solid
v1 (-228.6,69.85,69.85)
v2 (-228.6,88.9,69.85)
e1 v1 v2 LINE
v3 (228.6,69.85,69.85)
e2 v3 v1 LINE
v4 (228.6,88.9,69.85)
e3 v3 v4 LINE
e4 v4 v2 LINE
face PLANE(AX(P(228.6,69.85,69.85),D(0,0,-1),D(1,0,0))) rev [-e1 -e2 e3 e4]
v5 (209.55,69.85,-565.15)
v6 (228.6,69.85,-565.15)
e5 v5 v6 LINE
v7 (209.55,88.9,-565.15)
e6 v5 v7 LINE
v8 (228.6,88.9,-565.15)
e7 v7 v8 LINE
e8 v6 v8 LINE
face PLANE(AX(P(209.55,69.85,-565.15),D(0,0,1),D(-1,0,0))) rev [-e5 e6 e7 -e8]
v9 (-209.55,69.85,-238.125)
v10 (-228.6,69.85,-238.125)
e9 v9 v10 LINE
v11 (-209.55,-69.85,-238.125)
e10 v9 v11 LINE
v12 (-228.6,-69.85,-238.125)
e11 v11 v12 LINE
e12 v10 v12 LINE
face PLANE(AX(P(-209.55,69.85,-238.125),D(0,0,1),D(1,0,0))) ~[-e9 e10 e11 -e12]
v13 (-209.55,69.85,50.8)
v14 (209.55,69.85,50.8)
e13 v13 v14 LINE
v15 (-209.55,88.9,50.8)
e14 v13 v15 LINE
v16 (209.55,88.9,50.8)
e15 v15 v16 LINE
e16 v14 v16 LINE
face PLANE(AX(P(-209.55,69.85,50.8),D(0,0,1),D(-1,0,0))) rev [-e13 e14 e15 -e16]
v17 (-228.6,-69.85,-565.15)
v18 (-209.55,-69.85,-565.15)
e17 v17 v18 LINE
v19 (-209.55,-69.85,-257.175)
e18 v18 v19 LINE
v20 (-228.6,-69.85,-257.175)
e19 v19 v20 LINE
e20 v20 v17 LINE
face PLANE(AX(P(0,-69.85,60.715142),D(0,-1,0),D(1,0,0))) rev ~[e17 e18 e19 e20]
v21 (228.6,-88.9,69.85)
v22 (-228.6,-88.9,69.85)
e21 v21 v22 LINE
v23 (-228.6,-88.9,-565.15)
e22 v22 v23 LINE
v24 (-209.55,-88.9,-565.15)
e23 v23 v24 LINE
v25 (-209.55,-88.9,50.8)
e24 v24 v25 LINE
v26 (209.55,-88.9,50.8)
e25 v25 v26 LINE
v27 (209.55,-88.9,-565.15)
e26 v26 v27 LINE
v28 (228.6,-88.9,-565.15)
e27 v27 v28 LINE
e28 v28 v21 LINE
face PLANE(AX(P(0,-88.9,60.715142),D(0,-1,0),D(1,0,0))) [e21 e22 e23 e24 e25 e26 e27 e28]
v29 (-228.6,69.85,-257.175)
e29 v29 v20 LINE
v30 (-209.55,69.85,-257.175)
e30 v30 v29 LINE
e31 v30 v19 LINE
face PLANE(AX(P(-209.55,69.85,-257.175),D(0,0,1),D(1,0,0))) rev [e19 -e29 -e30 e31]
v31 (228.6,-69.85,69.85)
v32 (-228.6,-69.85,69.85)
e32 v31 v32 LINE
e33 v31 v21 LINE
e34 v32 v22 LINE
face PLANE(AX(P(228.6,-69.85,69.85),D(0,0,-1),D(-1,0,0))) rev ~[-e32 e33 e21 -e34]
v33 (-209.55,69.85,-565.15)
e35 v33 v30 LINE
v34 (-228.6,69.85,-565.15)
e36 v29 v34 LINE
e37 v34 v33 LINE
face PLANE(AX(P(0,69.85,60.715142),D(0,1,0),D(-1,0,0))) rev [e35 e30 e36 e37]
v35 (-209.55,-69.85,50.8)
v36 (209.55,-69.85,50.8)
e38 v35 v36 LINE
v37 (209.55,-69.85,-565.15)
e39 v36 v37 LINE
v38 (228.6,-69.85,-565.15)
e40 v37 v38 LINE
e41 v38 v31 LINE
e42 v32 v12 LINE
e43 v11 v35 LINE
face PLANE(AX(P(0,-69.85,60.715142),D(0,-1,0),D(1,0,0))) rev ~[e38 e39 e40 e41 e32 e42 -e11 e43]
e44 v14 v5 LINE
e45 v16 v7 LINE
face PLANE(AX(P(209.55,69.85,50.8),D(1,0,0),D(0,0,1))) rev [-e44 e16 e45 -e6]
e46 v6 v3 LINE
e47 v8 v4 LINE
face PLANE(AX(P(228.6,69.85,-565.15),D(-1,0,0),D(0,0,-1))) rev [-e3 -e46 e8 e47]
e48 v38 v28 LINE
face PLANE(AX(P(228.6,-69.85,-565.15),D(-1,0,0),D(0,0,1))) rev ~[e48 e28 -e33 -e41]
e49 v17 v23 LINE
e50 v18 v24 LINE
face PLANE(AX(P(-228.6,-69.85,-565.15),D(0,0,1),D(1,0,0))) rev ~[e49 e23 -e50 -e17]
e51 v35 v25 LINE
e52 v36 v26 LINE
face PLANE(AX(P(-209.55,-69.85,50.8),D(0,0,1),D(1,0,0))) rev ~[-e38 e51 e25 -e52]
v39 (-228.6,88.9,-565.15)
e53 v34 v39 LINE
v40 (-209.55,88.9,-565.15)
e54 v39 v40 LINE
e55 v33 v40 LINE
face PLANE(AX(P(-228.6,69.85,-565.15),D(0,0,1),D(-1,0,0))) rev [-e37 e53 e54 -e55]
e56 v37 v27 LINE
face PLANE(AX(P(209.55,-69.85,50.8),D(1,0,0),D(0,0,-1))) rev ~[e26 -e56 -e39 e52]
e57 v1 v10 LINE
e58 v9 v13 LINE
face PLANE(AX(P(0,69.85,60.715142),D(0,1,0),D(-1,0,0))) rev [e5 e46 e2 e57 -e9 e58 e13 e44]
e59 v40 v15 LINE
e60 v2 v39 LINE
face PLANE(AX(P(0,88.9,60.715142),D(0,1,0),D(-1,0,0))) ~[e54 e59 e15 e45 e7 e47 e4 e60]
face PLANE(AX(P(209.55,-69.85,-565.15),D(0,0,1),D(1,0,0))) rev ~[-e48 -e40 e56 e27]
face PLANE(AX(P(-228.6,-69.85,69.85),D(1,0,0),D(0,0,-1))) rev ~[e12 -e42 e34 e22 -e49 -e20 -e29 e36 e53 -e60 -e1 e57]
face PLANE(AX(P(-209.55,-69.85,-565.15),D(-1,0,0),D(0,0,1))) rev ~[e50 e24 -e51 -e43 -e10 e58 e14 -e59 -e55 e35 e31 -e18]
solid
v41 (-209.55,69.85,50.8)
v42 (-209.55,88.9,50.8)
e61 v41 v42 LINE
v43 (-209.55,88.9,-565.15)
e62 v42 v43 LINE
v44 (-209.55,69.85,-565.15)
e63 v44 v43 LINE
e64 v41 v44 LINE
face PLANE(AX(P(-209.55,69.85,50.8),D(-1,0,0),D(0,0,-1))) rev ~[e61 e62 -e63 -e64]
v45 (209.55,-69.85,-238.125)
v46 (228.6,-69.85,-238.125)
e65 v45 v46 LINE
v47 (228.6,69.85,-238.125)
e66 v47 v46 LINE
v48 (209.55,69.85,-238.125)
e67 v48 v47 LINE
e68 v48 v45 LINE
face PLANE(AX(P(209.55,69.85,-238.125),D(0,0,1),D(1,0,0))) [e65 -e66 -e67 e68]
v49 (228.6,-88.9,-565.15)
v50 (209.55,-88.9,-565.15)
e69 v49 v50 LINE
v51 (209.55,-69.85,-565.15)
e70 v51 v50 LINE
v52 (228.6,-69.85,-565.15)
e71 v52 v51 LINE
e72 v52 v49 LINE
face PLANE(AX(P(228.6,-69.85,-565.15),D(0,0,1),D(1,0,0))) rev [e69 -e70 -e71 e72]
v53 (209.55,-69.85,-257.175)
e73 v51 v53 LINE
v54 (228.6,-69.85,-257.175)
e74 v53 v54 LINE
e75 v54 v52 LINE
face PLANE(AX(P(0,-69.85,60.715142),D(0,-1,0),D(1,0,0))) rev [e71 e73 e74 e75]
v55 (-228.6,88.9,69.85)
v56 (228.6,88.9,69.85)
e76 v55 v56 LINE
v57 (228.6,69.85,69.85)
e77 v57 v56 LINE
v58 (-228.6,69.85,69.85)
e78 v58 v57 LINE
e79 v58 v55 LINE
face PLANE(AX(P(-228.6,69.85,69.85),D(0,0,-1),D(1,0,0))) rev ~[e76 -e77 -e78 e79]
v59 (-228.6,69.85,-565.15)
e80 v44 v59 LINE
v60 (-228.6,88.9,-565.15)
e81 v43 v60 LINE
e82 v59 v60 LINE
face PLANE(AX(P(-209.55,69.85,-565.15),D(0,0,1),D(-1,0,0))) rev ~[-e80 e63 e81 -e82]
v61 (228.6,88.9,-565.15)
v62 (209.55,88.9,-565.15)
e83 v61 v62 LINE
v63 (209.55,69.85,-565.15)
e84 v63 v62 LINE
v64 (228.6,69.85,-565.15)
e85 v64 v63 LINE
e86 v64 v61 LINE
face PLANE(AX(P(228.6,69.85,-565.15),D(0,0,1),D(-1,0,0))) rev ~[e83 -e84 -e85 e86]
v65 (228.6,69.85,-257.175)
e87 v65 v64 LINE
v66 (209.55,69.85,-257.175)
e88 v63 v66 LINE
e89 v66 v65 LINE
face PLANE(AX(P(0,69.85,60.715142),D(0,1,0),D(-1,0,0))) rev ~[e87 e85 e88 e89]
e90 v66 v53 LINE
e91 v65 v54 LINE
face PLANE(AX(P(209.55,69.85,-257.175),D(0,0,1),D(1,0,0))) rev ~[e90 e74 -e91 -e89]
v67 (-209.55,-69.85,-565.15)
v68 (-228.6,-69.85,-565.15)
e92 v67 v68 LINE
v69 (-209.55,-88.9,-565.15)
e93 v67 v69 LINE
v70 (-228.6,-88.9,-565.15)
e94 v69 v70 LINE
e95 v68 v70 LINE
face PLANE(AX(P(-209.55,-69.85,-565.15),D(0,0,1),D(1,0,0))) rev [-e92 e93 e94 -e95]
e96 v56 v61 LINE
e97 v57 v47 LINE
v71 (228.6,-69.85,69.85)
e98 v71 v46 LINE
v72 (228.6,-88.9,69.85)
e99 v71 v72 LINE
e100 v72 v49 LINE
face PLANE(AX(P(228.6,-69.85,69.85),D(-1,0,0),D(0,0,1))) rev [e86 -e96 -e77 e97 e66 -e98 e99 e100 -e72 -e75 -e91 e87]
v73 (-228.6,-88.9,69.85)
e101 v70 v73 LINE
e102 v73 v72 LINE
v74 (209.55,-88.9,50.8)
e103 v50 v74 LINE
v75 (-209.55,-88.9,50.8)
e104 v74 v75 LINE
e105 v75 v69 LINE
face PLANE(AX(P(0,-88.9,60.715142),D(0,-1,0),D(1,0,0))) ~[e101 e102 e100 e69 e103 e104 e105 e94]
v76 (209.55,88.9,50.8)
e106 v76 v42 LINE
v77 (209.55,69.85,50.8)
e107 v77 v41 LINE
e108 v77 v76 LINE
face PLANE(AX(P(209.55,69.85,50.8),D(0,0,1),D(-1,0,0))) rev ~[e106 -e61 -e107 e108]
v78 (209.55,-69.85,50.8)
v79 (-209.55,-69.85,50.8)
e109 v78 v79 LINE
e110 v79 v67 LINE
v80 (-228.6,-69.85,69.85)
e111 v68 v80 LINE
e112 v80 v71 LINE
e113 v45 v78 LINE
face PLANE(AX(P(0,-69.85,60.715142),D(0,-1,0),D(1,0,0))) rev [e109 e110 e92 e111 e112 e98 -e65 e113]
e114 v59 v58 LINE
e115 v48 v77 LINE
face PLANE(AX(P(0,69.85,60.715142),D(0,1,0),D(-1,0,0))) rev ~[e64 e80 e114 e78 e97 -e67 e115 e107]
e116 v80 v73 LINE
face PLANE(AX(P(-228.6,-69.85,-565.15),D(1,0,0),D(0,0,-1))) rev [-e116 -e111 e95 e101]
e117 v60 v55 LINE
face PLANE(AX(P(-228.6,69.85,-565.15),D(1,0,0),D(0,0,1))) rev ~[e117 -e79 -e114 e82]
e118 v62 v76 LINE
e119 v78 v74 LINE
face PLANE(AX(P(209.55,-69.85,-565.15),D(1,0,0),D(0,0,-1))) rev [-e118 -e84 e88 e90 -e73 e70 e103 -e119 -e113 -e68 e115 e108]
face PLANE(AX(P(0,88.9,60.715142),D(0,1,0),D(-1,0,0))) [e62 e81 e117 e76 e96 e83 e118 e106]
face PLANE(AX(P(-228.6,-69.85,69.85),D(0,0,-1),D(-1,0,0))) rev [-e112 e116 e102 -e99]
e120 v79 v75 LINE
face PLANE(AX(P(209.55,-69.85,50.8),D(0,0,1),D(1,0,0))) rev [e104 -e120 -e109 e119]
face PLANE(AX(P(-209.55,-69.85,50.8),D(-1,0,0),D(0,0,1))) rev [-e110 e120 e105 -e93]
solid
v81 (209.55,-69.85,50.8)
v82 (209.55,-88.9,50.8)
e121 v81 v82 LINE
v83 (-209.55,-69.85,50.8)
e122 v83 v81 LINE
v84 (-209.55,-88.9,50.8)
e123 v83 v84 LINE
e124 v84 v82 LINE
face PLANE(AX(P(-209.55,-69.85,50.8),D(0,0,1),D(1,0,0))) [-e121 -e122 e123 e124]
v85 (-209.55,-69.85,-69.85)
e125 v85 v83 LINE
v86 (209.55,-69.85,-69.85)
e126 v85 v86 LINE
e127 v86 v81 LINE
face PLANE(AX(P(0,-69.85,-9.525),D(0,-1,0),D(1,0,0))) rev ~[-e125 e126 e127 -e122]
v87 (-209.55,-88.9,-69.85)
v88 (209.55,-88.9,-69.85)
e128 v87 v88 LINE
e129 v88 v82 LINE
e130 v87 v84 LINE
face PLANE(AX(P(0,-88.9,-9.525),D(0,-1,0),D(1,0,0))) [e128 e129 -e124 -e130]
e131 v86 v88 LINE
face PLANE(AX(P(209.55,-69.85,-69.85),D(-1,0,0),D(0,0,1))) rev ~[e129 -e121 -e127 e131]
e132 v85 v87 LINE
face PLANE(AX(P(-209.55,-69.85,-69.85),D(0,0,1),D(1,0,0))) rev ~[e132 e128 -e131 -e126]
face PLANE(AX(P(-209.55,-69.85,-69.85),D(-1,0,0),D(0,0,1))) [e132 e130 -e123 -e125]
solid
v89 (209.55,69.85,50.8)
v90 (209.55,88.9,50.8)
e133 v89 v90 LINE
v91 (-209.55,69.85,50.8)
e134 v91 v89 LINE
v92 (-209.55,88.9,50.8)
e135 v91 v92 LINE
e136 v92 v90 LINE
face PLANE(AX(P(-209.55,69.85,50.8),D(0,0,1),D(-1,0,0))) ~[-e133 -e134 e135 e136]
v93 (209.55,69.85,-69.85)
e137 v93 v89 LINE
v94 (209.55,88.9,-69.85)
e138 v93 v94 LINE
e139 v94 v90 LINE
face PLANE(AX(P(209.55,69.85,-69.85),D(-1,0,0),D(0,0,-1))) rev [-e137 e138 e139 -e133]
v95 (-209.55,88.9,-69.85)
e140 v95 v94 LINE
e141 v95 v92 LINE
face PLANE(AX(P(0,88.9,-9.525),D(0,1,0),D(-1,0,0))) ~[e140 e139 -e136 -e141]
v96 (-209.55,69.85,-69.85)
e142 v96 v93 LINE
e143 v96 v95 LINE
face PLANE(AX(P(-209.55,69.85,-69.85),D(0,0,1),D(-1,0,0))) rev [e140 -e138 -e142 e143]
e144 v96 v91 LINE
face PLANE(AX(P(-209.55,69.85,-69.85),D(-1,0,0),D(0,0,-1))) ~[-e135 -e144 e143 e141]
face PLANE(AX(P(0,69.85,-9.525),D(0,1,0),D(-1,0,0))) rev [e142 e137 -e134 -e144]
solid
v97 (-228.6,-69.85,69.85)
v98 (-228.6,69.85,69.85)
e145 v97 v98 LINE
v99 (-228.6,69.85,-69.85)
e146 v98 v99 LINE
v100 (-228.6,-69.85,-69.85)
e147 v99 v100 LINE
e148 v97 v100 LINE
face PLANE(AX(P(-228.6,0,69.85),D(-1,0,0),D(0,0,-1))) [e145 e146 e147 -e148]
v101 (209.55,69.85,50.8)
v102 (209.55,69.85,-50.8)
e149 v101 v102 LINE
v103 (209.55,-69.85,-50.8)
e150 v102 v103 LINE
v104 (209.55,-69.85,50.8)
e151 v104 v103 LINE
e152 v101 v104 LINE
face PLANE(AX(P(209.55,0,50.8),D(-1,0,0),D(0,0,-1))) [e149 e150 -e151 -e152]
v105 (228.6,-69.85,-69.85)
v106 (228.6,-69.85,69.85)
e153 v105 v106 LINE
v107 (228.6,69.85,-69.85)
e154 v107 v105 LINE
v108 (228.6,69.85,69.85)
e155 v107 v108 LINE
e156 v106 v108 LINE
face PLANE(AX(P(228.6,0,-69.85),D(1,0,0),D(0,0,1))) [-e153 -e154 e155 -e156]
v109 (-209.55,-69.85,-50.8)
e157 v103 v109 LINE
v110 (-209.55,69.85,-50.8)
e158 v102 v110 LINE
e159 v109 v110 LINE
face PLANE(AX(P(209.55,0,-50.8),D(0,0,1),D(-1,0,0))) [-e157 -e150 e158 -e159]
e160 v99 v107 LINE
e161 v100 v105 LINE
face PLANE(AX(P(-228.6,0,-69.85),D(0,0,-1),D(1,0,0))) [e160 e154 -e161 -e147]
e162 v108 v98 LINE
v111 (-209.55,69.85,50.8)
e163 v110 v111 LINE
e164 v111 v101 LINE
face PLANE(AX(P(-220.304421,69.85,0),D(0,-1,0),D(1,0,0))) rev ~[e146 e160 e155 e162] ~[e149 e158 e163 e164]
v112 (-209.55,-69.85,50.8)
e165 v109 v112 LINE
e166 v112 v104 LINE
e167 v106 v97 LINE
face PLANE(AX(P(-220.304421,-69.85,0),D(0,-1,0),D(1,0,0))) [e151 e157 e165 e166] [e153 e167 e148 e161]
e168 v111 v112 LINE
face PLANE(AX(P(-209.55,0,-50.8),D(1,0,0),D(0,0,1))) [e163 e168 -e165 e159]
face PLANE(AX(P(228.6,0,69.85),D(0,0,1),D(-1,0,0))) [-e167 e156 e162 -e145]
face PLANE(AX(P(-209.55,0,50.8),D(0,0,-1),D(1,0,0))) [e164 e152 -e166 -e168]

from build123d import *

# Parameters (mm, degrees)
F1_DEPTH = 69.85
F3_DEPTH = 19.05
F5_W     = 419.1
F5_H     = 120.65
F6_DEPTH = 19.05
F8_W     = 19.05
F8_H     = 19.05
F9_DEPTH = 139.7


with BuildPart() as f1:
    # F0 (on Front) → F1 (new body, symmetric)
    with BuildSketch(Plane.XZ):
        Polygon((-209.55, 50.8), (-228.6, 69.85), (-228.6, -69.85), (-209.55, -50.8), align=None)
        Polygon((228.6, 69.85), (-228.6, 69.85), (-209.55, 50.8), (209.55, 50.8), align=None)
        Polygon((228.6, -69.85), (228.6, 69.85), (209.55, 50.8), (209.55, -50.8), align=None)
        Polygon((-209.55, -50.8), (-228.6, -69.85), (228.6, -69.85), (209.55, -50.8), align=None)
    extrude(amount=F1_DEPTH, both=True)


with BuildPart() as f3:
    # F2 (on face) → F3 (new body)
    with BuildSketch(Plane(origin=(0, 69.85, 0), x_dir=(-1, 0, 0), z_dir=(0, 1, 0))):
        Polygon((228.6, 69.85), (-228.6, 69.85), (-209.55, 50.8), (209.55, 50.8), align=None)
        Polygon((-209.55, 50.8), (-228.6, 69.85), (-228.6, -565.15), (-209.55, -565.15), align=None)
        Polygon((228.6, -565.15), (228.6, 69.85), (209.55, 50.8), (209.55, -565.15), align=None)
    extrude(amount=F3_DEPTH)


with BuildPart() as f4_1:
    # F4: instance of F3
    add(f3.part.mirror(Plane.XZ))


with BuildPart() as f6:
    # F5 (on face) → F6 (new body)
    with BuildSketch(Plane.XZ.offset(69.85)):
        with Locations((0, -9.525)):
            Rectangle(F5_W, F5_H)
    extrude(amount=F6_DEPTH)


with BuildPart() as f7_1:
    # F7: instance of F6
    add(f6.part.mirror(Plane.XZ))


with BuildPart() as f3_1:
    add(f3.part)

    add(f4_1.part)  # F9 merges F4_1
    # F8 (on face) → F9 (join, through all)
    with BuildSketch(Plane.XZ.offset(-69.85)):
        with Locations((219.075, -247.65)):
            Rectangle(F8_W, F8_H)
    extrude(amount=F9_DEPTH)


with BuildPart() as f10_1:
    # F10: instance of F3
    add(f3_1.part.mirror(Plane.YZ))


solid = Compound([f1.part, f6.part, f7_1.part, f3_1.part, f10_1.part])
